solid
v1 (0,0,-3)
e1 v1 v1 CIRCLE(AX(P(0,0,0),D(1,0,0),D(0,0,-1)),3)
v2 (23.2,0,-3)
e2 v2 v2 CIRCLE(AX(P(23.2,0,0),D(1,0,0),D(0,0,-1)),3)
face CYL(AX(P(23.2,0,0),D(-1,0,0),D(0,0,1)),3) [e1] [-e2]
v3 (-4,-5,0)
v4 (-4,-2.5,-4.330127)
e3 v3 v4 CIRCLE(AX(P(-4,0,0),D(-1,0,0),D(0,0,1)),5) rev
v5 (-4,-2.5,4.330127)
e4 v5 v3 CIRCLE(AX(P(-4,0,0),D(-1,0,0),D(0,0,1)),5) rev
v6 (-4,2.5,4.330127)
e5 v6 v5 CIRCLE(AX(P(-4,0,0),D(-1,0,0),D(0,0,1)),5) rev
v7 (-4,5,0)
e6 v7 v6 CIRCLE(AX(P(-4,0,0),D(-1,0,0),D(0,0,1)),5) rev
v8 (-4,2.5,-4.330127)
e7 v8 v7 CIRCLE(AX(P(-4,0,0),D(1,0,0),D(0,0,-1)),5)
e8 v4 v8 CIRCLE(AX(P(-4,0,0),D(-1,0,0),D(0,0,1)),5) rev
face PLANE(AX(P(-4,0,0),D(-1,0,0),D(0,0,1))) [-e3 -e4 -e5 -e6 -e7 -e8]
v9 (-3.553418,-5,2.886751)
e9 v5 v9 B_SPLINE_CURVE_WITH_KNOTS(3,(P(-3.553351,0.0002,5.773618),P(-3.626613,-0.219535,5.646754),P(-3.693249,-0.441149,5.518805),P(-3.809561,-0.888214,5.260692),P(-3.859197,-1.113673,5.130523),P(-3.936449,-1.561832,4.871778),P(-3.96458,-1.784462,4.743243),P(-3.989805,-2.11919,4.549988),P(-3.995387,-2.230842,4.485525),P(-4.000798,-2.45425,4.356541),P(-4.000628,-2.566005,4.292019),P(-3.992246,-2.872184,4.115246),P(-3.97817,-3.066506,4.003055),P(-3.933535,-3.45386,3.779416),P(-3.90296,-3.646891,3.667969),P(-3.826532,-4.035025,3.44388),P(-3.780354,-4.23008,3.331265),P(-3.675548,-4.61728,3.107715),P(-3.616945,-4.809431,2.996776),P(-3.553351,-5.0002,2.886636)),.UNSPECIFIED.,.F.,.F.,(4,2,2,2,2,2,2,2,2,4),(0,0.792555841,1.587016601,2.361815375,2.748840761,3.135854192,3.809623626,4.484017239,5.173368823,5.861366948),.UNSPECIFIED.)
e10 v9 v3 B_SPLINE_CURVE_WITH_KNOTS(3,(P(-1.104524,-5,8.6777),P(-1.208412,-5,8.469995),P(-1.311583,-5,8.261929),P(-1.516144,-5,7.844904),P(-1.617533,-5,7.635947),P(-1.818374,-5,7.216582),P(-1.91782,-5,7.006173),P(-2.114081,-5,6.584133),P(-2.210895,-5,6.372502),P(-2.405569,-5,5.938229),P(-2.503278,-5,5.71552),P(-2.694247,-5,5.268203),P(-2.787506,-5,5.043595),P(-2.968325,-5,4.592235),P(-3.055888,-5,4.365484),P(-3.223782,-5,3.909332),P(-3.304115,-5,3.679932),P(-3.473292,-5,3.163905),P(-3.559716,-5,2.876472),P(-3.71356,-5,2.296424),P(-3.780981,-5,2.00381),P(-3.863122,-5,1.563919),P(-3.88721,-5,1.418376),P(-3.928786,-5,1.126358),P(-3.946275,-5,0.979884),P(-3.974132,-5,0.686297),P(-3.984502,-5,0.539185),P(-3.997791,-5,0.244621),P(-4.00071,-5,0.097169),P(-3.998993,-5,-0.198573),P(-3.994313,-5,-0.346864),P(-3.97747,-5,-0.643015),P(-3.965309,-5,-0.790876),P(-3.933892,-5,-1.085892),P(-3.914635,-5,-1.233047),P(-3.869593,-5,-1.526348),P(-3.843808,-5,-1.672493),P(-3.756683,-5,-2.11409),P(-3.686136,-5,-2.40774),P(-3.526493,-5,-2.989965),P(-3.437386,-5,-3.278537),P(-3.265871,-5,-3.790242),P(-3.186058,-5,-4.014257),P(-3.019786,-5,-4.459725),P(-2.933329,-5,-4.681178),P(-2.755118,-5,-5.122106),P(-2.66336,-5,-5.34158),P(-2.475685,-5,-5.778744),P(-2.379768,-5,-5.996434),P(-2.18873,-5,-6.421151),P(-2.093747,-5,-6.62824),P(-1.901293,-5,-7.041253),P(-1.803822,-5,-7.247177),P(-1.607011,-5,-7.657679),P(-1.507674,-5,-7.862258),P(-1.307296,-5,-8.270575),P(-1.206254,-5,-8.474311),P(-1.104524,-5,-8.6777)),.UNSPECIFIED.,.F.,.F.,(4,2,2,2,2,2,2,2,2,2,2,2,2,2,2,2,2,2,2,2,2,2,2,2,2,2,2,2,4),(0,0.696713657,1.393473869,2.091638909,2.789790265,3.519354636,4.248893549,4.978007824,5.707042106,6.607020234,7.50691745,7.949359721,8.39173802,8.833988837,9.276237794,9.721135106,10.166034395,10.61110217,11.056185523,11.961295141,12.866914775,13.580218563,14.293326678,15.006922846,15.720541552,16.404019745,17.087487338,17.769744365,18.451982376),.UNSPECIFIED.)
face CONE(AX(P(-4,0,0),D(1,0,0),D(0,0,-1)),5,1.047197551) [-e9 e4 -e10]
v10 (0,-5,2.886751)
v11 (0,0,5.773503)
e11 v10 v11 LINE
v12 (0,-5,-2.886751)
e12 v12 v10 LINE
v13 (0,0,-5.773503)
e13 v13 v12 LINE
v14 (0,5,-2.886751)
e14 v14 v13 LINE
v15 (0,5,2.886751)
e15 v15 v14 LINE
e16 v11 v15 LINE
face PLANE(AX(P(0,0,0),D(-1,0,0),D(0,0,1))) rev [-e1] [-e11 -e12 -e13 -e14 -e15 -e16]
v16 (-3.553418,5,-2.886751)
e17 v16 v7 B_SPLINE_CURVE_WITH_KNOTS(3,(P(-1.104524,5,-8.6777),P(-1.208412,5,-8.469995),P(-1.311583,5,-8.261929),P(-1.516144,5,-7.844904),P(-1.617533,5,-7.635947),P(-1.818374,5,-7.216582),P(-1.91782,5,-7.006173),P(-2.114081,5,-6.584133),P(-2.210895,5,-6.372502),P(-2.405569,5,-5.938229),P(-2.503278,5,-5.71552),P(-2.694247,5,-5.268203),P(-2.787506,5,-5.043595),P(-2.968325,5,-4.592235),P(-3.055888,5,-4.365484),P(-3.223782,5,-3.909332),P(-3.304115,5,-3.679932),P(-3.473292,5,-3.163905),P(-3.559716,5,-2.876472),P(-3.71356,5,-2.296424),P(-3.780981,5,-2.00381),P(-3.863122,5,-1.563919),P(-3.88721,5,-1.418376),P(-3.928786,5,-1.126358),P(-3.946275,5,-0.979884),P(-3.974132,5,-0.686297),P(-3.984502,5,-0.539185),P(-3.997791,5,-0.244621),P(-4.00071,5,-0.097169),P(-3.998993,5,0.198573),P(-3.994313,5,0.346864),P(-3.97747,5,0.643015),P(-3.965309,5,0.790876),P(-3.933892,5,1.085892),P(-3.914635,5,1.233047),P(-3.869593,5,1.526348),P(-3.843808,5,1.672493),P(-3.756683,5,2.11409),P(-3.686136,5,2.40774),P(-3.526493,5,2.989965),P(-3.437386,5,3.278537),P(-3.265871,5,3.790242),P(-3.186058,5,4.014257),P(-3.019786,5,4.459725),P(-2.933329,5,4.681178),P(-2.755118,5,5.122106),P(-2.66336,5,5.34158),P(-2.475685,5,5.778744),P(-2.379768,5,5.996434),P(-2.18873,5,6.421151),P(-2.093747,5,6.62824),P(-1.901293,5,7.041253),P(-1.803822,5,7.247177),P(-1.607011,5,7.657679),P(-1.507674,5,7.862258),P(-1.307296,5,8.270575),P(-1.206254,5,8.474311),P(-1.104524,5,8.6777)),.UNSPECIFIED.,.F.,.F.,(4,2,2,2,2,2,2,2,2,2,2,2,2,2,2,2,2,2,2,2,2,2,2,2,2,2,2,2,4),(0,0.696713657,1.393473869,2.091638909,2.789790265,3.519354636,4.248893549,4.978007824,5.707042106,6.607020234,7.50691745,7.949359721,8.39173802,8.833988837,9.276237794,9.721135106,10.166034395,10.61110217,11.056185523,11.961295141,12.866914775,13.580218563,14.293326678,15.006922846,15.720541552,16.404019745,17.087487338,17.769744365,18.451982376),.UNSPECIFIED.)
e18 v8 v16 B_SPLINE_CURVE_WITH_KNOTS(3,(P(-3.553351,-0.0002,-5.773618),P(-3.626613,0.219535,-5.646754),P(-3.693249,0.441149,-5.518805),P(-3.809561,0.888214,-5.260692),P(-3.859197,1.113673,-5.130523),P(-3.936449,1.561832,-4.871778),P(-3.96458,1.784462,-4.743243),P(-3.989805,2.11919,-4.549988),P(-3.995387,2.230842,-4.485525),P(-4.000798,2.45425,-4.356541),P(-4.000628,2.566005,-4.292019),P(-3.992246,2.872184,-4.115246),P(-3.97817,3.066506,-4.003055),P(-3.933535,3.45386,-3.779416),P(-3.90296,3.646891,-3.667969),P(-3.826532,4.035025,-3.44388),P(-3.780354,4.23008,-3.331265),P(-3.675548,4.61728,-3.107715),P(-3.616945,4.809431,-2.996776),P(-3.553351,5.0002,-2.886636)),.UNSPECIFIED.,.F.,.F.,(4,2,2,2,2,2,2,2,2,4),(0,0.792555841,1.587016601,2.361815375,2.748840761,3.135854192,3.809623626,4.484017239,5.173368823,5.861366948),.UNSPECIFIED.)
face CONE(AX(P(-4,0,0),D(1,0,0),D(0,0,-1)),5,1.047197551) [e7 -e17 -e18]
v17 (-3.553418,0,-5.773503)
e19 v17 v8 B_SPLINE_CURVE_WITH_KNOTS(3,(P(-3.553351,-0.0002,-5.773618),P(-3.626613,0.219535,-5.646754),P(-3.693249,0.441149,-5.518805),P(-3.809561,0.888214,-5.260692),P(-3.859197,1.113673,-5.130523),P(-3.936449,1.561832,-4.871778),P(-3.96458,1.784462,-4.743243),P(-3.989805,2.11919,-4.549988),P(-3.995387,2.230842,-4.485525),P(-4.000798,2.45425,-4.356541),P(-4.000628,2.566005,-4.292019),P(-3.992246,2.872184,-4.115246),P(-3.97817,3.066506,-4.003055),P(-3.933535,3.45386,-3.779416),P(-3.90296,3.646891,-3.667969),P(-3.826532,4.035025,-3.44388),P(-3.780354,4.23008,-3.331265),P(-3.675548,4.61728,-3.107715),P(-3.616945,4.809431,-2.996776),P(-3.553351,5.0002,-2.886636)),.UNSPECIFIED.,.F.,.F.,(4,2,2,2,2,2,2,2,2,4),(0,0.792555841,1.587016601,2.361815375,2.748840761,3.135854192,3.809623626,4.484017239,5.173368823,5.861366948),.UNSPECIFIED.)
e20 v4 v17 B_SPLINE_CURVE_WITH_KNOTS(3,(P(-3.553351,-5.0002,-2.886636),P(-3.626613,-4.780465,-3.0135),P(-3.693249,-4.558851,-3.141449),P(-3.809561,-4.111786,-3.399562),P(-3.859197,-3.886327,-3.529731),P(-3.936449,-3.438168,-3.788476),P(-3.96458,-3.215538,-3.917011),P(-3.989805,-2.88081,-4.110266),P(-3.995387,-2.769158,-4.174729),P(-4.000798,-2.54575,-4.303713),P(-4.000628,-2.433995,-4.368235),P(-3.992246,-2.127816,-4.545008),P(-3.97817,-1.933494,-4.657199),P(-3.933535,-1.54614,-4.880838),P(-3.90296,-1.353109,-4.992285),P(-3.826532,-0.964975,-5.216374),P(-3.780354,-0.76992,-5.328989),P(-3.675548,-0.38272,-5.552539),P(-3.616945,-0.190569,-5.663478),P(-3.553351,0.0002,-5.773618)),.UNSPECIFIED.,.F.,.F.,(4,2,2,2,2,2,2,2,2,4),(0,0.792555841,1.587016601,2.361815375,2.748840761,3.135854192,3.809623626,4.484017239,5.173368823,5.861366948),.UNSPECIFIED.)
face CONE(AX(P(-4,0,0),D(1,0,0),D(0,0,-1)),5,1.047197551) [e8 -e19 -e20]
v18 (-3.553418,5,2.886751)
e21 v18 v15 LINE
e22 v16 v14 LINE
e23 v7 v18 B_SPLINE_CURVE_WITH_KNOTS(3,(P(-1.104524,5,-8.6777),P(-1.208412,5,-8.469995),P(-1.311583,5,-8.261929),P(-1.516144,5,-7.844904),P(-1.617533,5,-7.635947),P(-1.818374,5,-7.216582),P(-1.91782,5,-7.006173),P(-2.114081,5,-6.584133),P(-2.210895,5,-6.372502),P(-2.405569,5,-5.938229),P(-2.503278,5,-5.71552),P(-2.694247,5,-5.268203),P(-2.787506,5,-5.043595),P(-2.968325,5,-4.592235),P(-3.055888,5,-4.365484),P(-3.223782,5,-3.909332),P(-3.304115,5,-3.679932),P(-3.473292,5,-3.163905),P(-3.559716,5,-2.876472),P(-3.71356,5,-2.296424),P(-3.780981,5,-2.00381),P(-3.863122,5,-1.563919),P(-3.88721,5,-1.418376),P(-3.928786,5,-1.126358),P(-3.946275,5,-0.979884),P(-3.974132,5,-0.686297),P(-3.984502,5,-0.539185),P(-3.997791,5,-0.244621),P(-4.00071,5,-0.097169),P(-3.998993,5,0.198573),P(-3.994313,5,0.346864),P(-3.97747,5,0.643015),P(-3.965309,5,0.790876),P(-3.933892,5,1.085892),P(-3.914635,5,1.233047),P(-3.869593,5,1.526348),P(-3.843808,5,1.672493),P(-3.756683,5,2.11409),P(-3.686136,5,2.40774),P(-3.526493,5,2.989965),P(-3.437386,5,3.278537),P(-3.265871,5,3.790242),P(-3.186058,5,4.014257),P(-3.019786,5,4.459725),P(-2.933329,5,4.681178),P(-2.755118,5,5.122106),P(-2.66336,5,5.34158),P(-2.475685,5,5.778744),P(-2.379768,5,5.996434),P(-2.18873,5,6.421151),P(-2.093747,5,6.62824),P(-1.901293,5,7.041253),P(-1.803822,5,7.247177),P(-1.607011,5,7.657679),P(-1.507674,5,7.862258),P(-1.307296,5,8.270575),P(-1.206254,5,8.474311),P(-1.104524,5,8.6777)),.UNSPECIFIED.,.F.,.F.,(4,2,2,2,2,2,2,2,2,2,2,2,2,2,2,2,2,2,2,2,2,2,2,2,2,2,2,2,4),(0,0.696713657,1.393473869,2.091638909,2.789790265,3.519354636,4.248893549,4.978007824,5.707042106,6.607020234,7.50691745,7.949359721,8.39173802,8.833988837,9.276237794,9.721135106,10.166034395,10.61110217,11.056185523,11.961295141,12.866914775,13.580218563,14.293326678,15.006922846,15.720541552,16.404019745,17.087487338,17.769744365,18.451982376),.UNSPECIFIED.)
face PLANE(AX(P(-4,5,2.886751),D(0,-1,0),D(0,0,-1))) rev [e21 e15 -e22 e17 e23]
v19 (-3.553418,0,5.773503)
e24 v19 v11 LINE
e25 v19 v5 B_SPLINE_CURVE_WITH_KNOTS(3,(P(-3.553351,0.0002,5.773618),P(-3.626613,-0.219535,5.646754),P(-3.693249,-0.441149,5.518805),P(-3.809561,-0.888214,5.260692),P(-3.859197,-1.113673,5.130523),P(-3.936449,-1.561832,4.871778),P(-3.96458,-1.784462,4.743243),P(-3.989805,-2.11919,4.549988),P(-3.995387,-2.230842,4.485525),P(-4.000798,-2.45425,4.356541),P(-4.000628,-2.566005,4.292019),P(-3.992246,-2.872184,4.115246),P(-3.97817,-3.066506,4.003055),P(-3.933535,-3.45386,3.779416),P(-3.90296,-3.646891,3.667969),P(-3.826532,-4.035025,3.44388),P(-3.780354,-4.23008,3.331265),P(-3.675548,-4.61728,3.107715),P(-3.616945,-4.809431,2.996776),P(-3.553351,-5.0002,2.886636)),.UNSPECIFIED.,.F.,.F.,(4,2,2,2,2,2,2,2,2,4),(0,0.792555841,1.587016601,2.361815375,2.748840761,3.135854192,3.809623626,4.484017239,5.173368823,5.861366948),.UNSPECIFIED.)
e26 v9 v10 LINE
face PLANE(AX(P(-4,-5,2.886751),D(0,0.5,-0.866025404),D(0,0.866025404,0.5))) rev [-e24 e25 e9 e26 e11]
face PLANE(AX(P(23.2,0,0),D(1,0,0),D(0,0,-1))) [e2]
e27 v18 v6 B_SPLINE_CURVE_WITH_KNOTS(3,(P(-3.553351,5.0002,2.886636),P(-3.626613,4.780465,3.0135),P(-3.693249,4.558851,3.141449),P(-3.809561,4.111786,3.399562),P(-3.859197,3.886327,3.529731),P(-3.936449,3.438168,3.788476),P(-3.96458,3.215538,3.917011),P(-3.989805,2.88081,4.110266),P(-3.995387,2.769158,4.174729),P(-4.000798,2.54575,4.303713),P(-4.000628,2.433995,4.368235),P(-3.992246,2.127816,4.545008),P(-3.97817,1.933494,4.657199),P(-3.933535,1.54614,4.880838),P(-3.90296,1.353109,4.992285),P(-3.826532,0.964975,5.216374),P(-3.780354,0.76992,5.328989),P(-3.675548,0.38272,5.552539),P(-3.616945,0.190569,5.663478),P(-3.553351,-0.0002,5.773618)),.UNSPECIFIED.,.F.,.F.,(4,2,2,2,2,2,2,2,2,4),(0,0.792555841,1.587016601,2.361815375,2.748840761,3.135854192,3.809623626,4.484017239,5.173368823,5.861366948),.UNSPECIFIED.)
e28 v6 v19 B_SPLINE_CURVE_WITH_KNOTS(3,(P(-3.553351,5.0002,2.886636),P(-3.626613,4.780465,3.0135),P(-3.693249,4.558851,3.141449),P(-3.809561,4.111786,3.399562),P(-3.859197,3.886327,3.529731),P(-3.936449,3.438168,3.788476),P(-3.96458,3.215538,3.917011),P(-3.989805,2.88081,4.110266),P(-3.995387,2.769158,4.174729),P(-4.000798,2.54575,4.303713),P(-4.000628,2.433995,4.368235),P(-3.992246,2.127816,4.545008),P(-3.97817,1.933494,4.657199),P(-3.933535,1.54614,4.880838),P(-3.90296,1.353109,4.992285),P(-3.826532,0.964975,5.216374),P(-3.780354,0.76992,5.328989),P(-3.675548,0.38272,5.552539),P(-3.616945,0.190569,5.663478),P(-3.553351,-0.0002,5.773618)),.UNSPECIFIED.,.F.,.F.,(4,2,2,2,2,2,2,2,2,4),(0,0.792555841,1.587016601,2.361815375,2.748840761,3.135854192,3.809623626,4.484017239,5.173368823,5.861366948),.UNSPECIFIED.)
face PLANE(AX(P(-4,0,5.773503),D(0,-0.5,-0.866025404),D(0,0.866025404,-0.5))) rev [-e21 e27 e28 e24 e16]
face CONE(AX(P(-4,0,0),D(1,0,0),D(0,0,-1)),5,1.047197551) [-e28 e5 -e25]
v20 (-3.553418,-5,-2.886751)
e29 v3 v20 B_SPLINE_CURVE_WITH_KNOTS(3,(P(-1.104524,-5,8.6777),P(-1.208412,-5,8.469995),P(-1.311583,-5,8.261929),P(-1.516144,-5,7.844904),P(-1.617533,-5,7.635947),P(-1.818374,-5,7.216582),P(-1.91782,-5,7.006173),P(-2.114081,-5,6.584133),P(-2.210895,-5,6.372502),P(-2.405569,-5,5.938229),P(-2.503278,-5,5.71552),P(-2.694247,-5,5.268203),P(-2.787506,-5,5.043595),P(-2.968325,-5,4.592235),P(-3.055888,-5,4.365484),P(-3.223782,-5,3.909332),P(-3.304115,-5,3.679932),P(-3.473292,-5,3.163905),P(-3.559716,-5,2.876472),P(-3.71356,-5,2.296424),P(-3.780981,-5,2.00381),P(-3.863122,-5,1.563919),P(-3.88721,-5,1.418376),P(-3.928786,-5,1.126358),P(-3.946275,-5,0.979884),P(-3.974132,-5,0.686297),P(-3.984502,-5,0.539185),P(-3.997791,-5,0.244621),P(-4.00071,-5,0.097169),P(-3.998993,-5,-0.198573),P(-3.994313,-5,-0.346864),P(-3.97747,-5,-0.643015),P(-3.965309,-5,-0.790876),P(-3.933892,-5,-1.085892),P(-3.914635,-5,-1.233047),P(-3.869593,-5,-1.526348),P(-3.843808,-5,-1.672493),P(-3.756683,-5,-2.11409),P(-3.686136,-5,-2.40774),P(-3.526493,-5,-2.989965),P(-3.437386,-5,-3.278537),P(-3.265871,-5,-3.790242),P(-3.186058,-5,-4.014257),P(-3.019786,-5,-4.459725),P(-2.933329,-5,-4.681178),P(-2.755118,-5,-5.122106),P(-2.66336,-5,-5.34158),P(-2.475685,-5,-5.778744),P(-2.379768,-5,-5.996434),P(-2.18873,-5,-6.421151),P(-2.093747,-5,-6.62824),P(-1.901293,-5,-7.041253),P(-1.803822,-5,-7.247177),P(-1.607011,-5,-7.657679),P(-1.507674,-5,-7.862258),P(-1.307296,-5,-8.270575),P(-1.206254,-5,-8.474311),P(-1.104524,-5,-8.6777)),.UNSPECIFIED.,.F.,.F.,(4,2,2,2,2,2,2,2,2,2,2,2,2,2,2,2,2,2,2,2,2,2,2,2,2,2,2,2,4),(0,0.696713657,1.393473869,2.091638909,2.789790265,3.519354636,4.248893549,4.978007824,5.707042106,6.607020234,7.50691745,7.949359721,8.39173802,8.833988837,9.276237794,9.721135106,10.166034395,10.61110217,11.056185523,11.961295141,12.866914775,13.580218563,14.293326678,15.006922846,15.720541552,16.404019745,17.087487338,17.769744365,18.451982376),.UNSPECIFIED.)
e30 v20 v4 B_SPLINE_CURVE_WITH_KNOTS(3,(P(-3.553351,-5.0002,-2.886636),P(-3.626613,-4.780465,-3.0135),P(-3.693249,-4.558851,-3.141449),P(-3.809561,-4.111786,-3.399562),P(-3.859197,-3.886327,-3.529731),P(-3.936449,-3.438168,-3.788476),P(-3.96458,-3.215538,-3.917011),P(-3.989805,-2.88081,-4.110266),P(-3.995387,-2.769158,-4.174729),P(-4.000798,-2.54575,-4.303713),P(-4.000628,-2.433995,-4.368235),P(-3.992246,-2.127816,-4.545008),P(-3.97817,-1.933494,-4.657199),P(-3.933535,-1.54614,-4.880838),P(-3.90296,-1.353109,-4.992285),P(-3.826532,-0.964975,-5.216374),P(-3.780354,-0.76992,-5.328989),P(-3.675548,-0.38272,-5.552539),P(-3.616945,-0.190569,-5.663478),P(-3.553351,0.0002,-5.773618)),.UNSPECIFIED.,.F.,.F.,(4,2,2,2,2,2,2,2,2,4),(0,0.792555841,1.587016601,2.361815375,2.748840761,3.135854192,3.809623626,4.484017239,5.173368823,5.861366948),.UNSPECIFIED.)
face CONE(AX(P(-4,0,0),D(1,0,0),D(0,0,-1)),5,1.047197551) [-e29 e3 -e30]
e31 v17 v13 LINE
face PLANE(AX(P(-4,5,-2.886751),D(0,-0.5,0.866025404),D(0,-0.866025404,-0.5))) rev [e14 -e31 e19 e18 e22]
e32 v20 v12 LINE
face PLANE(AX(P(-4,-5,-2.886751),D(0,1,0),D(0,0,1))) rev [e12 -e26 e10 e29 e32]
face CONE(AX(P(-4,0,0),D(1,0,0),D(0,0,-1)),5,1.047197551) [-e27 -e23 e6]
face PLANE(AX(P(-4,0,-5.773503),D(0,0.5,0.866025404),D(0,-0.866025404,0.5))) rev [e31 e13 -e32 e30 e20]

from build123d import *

# Parameters (mm, degrees)
SKETCH2_R           = 3
BOSS_EXTRUDE1_DEPTH = 23.2
BOSS_EXTRUDE2_DEPTH = 4


with BuildPart() as part:
    # Sketch2 → Boss-Extrude1 (new body)
    with BuildSketch(Plane(origin=(0, 0, 0), x_dir=(0, 0, -1), z_dir=(1, 0, 0))):
        Circle(SKETCH2_R)
    extrude(amount=BOSS_EXTRUDE1_DEPTH)

    # Sketch3 → Boss-Extrude2 (add)
    with BuildSketch(Plane.ZY):
        Polygon((5.773502692, 0), (2.886751346, 5), (-2.886751346, 5), (-5.773502692, 0), (-2.886751346, -5), (2.886751346, -5), align=None)
    extrude(amount=BOSS_EXTRUDE2_DEPTH)

    # Sketch5 → Cut-Revolve1 (revolve, cut)
    with BuildSketch(Plane(origin=(0, 0, 0), x_dir=(1, 0, 0), z_dir=(0, 1, 0))):
        Polygon((-4, 5), (-4, 5.773502692), (-3.553418013, 5.773502692), align=None)
    revolve(axis=Axis((23.2, 0, 0), (-1, 0, 0)), mode=Mode.SUBTRACT)


solid = part.part
